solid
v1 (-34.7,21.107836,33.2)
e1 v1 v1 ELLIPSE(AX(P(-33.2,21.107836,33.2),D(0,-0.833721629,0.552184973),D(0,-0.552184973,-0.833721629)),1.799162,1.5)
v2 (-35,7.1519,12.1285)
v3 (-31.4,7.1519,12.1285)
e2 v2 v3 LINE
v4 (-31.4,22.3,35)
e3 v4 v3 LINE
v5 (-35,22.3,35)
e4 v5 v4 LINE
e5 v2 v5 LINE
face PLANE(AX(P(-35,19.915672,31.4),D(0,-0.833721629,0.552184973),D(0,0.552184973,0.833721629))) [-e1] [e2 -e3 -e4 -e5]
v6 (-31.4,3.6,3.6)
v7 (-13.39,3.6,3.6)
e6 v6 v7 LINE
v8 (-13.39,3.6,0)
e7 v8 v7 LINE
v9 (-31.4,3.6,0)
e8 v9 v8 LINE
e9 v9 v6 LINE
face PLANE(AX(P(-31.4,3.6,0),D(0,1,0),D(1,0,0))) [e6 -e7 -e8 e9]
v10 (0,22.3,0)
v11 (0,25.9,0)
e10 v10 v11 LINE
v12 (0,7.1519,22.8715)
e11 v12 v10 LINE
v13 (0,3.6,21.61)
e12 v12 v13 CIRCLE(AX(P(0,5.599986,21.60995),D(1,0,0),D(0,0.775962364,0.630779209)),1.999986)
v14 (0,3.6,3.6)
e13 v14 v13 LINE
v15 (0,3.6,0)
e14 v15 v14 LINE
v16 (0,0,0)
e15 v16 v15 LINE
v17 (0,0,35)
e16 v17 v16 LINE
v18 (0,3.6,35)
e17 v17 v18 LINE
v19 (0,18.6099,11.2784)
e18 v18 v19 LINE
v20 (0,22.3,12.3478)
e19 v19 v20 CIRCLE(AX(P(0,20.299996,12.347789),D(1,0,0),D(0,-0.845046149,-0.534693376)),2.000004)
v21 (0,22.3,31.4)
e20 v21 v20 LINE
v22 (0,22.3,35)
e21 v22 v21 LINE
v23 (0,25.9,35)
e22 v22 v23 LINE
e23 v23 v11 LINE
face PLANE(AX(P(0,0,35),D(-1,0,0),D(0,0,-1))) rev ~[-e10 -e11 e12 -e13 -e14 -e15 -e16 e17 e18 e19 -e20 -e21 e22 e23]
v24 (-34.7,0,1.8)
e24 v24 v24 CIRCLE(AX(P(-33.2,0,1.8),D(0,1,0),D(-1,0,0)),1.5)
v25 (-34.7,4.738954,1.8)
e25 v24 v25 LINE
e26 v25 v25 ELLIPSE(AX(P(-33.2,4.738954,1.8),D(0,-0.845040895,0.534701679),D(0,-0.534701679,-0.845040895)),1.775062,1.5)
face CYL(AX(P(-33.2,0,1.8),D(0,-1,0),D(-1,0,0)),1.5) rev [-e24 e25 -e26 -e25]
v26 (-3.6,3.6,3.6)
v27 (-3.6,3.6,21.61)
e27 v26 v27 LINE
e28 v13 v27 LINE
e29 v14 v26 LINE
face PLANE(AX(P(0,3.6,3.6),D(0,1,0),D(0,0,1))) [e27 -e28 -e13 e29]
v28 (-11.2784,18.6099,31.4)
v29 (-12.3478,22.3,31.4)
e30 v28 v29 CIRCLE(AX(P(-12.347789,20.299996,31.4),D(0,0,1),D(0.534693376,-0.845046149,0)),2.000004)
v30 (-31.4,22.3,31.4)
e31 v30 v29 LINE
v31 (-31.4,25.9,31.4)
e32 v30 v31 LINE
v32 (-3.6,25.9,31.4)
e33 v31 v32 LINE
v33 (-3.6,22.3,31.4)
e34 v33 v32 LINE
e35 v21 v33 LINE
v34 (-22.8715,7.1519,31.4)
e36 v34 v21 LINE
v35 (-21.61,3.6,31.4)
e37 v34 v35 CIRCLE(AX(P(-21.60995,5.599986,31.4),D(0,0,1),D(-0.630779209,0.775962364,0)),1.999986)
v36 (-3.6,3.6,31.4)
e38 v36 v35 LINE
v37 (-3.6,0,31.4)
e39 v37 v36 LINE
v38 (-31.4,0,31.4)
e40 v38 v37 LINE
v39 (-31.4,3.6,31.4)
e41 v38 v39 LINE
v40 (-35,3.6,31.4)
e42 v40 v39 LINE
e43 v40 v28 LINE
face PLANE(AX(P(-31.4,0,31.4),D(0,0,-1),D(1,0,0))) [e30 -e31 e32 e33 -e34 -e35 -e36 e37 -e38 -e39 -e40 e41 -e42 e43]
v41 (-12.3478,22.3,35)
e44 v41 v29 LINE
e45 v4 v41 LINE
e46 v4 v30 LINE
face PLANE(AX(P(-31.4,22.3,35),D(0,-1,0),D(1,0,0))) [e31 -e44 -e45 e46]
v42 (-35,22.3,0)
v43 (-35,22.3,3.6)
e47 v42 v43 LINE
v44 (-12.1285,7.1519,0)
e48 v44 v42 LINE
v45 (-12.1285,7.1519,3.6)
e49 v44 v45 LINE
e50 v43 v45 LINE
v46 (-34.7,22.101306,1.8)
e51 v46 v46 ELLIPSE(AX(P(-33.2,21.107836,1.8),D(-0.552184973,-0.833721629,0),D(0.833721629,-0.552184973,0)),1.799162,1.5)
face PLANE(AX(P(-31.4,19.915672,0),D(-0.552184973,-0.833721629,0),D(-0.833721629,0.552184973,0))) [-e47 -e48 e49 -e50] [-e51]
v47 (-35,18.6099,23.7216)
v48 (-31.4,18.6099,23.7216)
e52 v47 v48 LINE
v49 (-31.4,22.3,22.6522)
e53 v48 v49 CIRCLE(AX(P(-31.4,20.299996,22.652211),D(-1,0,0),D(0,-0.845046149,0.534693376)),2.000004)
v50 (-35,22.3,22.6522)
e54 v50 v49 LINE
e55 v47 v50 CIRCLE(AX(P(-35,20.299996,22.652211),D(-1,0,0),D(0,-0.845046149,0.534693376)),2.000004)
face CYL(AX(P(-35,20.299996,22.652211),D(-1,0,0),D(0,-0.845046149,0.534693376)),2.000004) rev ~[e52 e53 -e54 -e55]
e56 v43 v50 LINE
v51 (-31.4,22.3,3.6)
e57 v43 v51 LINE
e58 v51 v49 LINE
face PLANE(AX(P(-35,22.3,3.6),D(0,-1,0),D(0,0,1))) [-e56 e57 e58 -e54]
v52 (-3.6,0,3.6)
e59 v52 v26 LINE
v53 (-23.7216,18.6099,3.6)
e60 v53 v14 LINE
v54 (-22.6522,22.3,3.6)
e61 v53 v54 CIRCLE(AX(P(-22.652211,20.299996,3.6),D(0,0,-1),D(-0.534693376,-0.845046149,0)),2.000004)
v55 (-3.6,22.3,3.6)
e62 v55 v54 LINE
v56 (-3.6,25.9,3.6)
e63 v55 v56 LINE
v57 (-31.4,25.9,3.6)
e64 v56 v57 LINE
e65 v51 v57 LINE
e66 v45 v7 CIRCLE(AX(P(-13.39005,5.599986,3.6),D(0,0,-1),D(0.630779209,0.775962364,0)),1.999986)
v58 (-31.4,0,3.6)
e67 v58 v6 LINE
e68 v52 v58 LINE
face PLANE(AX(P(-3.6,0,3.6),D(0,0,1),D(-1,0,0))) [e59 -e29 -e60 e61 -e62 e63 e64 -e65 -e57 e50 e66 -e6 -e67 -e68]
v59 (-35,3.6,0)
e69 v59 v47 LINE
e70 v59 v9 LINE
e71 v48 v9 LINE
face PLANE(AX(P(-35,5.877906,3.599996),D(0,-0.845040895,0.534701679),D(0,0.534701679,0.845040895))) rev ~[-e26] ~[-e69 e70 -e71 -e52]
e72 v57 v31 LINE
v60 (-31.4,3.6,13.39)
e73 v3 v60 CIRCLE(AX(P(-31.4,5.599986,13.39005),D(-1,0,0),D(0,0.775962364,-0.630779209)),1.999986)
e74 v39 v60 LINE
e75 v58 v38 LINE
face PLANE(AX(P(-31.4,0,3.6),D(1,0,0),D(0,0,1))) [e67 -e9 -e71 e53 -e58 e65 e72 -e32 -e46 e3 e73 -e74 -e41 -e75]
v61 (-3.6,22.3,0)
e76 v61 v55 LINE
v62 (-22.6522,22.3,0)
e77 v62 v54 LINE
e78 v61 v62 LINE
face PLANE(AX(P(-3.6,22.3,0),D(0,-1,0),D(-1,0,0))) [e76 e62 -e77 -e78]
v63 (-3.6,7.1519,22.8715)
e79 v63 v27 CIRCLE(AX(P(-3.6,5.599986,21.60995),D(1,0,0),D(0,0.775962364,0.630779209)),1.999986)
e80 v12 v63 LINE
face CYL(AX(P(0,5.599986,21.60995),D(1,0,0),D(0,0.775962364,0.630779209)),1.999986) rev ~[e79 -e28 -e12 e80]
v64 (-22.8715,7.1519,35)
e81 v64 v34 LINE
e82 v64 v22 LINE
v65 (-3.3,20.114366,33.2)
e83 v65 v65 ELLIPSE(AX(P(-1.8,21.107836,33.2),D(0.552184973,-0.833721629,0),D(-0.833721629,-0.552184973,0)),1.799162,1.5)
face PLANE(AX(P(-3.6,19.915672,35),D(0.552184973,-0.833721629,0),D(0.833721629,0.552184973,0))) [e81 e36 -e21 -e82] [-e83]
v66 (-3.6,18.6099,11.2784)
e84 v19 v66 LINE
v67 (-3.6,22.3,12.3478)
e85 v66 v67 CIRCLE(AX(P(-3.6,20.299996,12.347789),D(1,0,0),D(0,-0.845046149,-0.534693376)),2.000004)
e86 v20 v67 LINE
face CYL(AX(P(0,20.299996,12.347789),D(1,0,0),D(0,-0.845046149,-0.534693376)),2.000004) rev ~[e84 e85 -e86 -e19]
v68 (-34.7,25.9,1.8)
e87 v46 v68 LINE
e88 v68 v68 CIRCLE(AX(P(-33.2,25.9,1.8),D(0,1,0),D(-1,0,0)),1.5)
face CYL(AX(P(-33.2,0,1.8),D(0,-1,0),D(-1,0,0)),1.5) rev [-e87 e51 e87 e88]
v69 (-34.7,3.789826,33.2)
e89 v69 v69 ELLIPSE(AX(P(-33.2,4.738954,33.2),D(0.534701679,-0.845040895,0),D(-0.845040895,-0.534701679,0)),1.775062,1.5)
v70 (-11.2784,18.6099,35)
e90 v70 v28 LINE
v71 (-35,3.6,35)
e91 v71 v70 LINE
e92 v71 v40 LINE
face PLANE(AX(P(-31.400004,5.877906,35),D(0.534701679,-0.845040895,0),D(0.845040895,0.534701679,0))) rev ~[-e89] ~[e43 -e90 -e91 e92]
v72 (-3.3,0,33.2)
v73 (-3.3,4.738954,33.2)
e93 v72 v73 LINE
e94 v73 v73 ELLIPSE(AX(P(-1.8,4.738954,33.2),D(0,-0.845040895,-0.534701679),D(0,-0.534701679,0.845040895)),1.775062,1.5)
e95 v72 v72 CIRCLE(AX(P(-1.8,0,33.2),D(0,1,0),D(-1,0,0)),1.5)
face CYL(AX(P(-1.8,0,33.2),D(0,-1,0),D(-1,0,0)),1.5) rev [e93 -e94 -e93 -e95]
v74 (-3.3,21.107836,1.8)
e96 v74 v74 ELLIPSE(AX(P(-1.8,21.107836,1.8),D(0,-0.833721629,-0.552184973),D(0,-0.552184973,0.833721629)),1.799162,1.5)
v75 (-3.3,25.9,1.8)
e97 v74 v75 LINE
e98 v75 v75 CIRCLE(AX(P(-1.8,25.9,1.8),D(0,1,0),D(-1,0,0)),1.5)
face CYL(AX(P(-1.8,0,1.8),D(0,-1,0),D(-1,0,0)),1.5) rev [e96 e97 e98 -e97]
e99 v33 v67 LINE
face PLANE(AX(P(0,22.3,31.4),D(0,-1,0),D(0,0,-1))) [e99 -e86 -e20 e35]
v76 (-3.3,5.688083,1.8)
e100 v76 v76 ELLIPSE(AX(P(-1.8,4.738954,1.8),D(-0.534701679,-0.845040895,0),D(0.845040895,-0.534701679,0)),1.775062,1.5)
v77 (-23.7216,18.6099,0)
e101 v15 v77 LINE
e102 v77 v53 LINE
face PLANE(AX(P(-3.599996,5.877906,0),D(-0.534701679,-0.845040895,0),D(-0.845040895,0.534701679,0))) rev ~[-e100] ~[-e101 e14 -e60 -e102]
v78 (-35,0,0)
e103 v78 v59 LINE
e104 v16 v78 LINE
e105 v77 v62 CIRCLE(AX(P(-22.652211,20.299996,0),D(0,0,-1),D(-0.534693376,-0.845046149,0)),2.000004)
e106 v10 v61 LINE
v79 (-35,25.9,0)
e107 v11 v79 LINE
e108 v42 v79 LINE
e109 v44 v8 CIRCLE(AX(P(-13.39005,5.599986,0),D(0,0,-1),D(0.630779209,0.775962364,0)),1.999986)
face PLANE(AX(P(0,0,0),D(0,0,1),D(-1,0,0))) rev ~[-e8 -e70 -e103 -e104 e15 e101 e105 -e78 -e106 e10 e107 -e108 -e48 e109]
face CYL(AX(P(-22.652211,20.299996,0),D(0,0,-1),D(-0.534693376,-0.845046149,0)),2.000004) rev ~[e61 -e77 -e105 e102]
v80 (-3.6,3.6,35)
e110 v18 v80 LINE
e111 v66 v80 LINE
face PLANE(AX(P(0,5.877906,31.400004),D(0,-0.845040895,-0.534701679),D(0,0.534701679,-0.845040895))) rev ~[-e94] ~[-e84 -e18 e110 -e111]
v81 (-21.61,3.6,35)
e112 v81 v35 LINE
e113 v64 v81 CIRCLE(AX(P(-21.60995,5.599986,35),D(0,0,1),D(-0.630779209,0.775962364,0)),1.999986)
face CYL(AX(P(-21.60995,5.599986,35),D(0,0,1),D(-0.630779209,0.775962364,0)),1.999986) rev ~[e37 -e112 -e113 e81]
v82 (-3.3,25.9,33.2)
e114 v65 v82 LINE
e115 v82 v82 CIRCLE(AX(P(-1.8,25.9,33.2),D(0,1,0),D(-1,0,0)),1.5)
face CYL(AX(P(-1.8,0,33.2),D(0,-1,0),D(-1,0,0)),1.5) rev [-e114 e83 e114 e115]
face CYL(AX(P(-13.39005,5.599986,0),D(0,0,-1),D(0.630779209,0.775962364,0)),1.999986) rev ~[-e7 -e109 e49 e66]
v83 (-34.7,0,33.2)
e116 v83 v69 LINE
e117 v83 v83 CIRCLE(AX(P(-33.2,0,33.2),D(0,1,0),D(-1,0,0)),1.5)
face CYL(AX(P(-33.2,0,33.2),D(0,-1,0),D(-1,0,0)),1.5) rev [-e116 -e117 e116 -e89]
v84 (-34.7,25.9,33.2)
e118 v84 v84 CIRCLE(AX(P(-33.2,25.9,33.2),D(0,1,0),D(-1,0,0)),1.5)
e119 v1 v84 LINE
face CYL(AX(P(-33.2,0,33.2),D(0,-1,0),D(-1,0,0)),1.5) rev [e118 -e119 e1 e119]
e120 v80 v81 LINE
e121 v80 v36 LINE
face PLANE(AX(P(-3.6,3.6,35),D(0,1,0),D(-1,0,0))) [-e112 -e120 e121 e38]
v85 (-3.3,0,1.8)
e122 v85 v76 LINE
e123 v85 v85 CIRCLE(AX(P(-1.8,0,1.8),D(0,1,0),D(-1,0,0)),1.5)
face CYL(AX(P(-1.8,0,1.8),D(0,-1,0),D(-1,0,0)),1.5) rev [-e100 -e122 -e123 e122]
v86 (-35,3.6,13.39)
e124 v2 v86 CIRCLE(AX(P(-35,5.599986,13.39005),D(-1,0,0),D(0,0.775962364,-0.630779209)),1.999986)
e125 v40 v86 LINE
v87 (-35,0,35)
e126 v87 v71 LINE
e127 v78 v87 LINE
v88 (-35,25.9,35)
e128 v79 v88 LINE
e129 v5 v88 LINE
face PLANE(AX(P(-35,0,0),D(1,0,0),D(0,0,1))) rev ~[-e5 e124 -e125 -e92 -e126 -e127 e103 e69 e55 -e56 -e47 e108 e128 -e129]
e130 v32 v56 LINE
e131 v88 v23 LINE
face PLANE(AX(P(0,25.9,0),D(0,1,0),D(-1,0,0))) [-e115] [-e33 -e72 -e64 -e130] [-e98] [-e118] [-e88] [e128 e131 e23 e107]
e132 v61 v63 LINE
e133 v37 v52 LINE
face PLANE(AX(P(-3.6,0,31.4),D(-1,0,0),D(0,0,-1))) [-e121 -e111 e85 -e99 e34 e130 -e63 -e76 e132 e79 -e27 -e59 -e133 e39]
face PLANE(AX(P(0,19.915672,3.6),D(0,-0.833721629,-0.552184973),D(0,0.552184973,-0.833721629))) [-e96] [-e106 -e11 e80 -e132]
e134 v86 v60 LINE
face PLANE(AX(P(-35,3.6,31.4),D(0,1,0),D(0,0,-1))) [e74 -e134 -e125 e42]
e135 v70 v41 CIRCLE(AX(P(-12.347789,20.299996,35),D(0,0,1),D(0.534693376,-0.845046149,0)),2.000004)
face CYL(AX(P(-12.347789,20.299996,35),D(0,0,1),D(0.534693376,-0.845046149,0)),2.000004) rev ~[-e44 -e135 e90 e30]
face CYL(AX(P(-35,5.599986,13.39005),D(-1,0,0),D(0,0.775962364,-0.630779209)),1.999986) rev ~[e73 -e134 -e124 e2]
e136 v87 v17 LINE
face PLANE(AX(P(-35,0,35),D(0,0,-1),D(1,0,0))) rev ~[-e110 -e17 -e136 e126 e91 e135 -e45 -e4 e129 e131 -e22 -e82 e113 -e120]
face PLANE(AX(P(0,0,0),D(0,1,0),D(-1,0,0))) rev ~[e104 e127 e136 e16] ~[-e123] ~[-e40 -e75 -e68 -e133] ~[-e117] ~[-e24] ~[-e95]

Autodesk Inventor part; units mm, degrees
ref_plane "YZ Plane" through (0, 0, 0) normal (1, 0, 0) x (0, 1, 0)
ref_plane "XZ Plane" through (0, 0, 0) normal (0, 1, 0) x (-1, 0, 0)
ref_plane "XY Plane" through (0, 0, 0) normal (0, 0, 1) x (1, 0, 0)
sketch "Sketch1" plane through (0, 0, 0) normal (0, 1, 0) x (-1, 0, 0)
  line L0 (0, 0) -> (35, 0)
  line L1 (35, 0) -> (35, 35)
  line L2 (35, 35) -> (0, 35)
  line L3 (0, 35) -> (0, 0)
  line L4 (3.6, 3.6) -> (31.4, 3.6)
  line L5 (31.4, 3.6) -> (31.4, 31.4)
  line L6 (31.4, 31.4) -> (3.6, 31.4)
  line L7 (3.6, 31.4) -> (3.6, 3.6)
  circle A0 centre (33.2, 33.2) radius 1.5
  circle A1 centre (33.2, 1.8) radius 1.5
  circle A2 centre (1.8, 1.8) radius 1.5
  circle A3 centre (1.8, 33.2) radius 1.5
  dimension "d0" = 35
  dimension "d1" = 35
  dimension "d2" = 3.6
  dimension "d3" = 3.6
  dimension "d4" = 3.6
  dimension "d5" = 3.6
  dimension "d6" = 3
  dimension "d7" = 1.8
  dimension "d8" = 1.8
  dimension "d9" = 3
  dimension "d10" = 1.8
  dimension "d11" = 1.8
  dimension "d12" = 3
  dimension "d13" = 1.8
  dimension "d14" = 1.8
  dimension "d15" = 3
  dimension "d16" = 1.8
  dimension "d17" = 1.8
extrude "Extrusion1" add sketch "Sketch1" along normal blind 25.9
sketch "Sketch3" plane through (-35, 0, 35) normal (0, 0, 1) x (1, 0, 0)
  line L0 (0, 25.9) -> (35, 25.9) projected
  line L1 (0, 0) -> (35, 0) projected
  line L2 (0, 0) -> (0, 25.9) projected
  line L3 (18.01, 21.1181) -> (18.01, 21.1181)
  line L4 (0, 0) -> (0, 25.9) projected
  line L5 (31.4, 0) -> (31.4, 25.9) projected
  line L6 (31.4, 3.6) -> (13.39, 3.6)
  arc A0 (12.1285, 7.1519) -> (13.39, 3.6) centre (13.39, 5.6) ccw
  line L7 (3.6, 22.3) -> (22.6522, 22.3)
  line L8 (3.6, 22.3) -> (0, 22.3)
  line L9 (31.4, 3.6) -> (31.4, 0)
  line L10 (0, 22.3) -> (0, 25.9)
  line L11 (31.4, 22.2467) -> (31.4, 25.9)
  line L12 (0, 3.6) -> (0, 0)
  line L13 (35, 0) -> (35, 25.9) projected
  line L14 (31.4, 20.2467) -> (31.4, 25.9)
  line L15 (0, 25.9) -> (0, 22.3)
  line L16 (12.1285, 7.1519) -> (35, 22.3)
  arc A1 (23.7216, 18.6099) -> (22.6522, 22.3) centre (22.6522, 20.3) ccw
  line L17 (0, 3.6) -> (23.7216, 18.6099)
  line L18 (3.6, 22.3) -> (3.6, 5.8779)
  line L19 (3.6, 0) -> (3.6, 25.9) projected
  line L20 (35, 12.95) -> (31.4, 12.95)
  line L21 (3.6, 5.8779) -> (3.6, 12.95)
  line L22 (0, 12.95) -> (0, 3.6)
  line L23 (0, 12.95) -> (3.6, 12.95)
  point P0 (31.4, 19.9157)
  point P1 (0, 22.3)
  dimension "d41" = 18.01
  dimension "d42" = 4
  dimension "d50" = 3.6
  dimension "d67" = 3.6
  dimension "d70" = 3.6
  dimension "d71" = 4
extrude "Extrusion2" cut sketch "Sketch3" against normal blind 3.6 contours L7 A1 L17 L18 | L23 L18 L17 L2 | L13 L20 L5 L16 | L5 L6 A0 L16
sketch "Sketch8" plane through (0, 0, 0) normal (0, 0, -1) x (-1, 0, 0)
  line L0 (0, 25.9) -> (35, 25.9)
  line L1 (0, 0) -> (35, 0)
  line L2 (0, 0) -> (0, 25.9)
  line L3 (18.01, 21.1181) -> (18.01, 21.1181)
  line L4 (0, 0) -> (0, 25.9)
  line L5 (31.4, 0) -> (31.4, 25.9)
  line L6 (31.4, 3.6) -> (13.39, 3.6)
  arc A0 (12.1285, 7.1519) -> (13.39, 3.6) centre (13.39, 5.6) ccw
  line L7 (3.6, 22.3) -> (22.6522, 22.3)
  line L8 (3.6, 22.3) -> (0, 22.3)
  line L9 (31.4, 3.6) -> (31.4, 0)
  line L10 (0, 22.3) -> (0, 25.9)
  line L11 (31.4, 22.2467) -> (31.4, 25.9)
  line L12 (0, 3.6) -> (0, 0)
  line L13 (35, 0) -> (35, 25.9)
  line L14 (31.4, 20.2467) -> (31.4, 25.9)
  line L15 (0, 25.9) -> (0, 22.3)
  line L16 (12.1285, 7.1519) -> (35, 22.3)
  arc A1 (23.7216, 18.6099) -> (22.6522, 22.3) centre (22.6522, 20.3) ccw
  line L17 (0, 3.6) -> (23.7216, 18.6099)
  line L18 (3.6, 22.3) -> (3.6, 5.8779)
  line L19 (3.6, 0) -> (3.6, 25.9)
  line L20 (35, 12.95) -> (31.4, 12.95)
  line L21 (3.6, 5.8779) -> (3.6, 12.95)
  line L22 (0, 12.95) -> (0, 3.6)
  line L23 (0, 12.95) -> (3.6, 12.95)
  point P0 (31.4, 19.9157)
  point P1 (0, 22.3)
  dimension "d80" = 18.01
  dimension "d78" = 4
  dimension "d76" = 3.6
  dimension "d79" = 3.6
  dimension "d77" = 3.6
  dimension "d75" = 4
extrude "Extrusion4" cut sketch "Sketch8" against normal blind 3.6 contours L7 A1 L17 L18 | L23 L18 L17 L2 | L13 L20 L5 L16 | L5 L6 A0 L16
sketch "Sketch9" plane through (0, 0, 35) normal (1, 0, 0) x (0, 0, -1)
  line L0 (0, 25.9) -> (35, 25.9)
  line L1 (0, 0) -> (35, 0)
  line L2 (0, 0) -> (0, 25.9)
  line L3 (18.01, 21.1181) -> (18.01, 21.1181)
  line L4 (0, 0) -> (0, 25.9)
  line L5 (31.4, 0) -> (31.4, 25.9)
  line L6 (31.4, 3.6) -> (13.39, 3.6)
  arc A0 (12.1285, 7.1519) -> (13.39, 3.6) centre (13.39, 5.6) ccw
  line L7 (3.6, 22.3) -> (22.6522, 22.3)
  line L8 (3.6, 22.3) -> (0, 22.3)
  line L9 (31.4, 3.6) -> (31.4, 0)
  line L10 (0, 22.3) -> (0, 25.9)
  line L11 (31.4, 22.2467) -> (31.4, 25.9)
  line L12 (0, 3.6) -> (0, 0)
  line L13 (35, 0) -> (35, 25.9)
  line L14 (31.4, 20.2467) -> (31.4, 25.9)
  line L15 (0, 25.9) -> (0, 22.3)
  line L16 (12.1285, 7.1519) -> (35, 22.3)
  arc A1 (23.7216, 18.6099) -> (22.6522, 22.3) centre (22.6522, 20.3) ccw
  line L17 (0, 3.6) -> (23.7216, 18.6099)
  line L18 (3.6, 22.3) -> (3.6, 5.8779)
  line L19 (3.6, 0) -> (3.6, 25.9)
  line L20 (35, 12.95) -> (31.4, 12.95)
  line L21 (3.6, 5.8779) -> (3.6, 12.95)
  line L22 (0, 12.95) -> (0, 3.6)
  line L23 (0, 12.95) -> (3.6, 12.95)
  point P0 (31.4, 19.9157)
  point P1 (0, 22.3)
  dimension "d89" = 18.01
  dimension "d87" = 4
  dimension "d85" = 3.6
  dimension "d88" = 3.6
  dimension "d86" = 3.6
  dimension "d84" = 4
extrude "Extrusion5" cut sketch "Sketch9" against normal blind 3.6 contours L7 A1 L17 L18 | L23 L18 L17 L2 | L13 L20 L5 L16 | L5 L6 A0 L16
sketch "Sketch10" plane through (-35, 0, 0) normal (-1, 0, 0) x (0, 0, 1)
  line L0 (0, 25.9) -> (35, 25.9)
  line L1 (0, 0) -> (35, 0)
  line L2 (0, 0) -> (0, 25.9)
  line L3 (18.01, 21.1181) -> (18.01, 21.1181)
  line L4 (0, 0) -> (0, 25.9)
  line L5 (31.4, 0) -> (31.4, 25.9)
  line L6 (31.4, 3.6) -> (13.39, 3.6)
  arc A0 (12.1285, 7.1519) -> (13.39, 3.6) centre (13.39, 5.6) ccw
  line L7 (3.6, 22.3) -> (22.6522, 22.3)
  line L8 (3.6, 22.3) -> (0, 22.3)
  line L9 (31.4, 3.6) -> (31.4, 0)
  line L10 (0, 22.3) -> (0, 25.9)
  line L11 (31.4, 22.2467) -> (31.4, 25.9)
  line L12 (0, 3.6) -> (0, 0)
  line L13 (35, 0) -> (35, 25.9)
  line L14 (31.4, 20.2467) -> (31.4, 25.9)
  line L15 (0, 25.9) -> (0, 22.3)
  line L16 (12.1285, 7.1519) -> (35, 22.3)
  arc A1 (23.7216, 18.6099) -> (22.6522, 22.3) centre (22.6522, 20.3) ccw
  line L17 (0, 3.6) -> (23.7216, 18.6099)
  line L18 (3.6, 22.3) -> (3.6, 5.8779)
  line L19 (3.6, 0) -> (3.6, 25.9)
  line L20 (35, 12.95) -> (31.4, 12.95)
  line L21 (3.6, 5.8779) -> (3.6, 12.95)
  line L22 (0, 12.95) -> (0, 3.6)
  line L23 (0, 12.95) -> (3.6, 12.95)
  point P0 (31.4, 19.9157)
  point P1 (0, 22.3)
  dimension "d98" = 18.01
  dimension "d96" = 4
  dimension "d94" = 3.6
  dimension "d97" = 3.6
  dimension "d95" = 3.6
  dimension "d93" = 4
extrude "Extrusion6" cut sketch "Sketch10" against normal blind 3.6 contours L7 A1 L17 L18 | L23 L18 L17 L2 | L13 L20 L5 L16 | L5 L6 A0 L16
properties part number "SolarCar" material "Aluminum 6061"
